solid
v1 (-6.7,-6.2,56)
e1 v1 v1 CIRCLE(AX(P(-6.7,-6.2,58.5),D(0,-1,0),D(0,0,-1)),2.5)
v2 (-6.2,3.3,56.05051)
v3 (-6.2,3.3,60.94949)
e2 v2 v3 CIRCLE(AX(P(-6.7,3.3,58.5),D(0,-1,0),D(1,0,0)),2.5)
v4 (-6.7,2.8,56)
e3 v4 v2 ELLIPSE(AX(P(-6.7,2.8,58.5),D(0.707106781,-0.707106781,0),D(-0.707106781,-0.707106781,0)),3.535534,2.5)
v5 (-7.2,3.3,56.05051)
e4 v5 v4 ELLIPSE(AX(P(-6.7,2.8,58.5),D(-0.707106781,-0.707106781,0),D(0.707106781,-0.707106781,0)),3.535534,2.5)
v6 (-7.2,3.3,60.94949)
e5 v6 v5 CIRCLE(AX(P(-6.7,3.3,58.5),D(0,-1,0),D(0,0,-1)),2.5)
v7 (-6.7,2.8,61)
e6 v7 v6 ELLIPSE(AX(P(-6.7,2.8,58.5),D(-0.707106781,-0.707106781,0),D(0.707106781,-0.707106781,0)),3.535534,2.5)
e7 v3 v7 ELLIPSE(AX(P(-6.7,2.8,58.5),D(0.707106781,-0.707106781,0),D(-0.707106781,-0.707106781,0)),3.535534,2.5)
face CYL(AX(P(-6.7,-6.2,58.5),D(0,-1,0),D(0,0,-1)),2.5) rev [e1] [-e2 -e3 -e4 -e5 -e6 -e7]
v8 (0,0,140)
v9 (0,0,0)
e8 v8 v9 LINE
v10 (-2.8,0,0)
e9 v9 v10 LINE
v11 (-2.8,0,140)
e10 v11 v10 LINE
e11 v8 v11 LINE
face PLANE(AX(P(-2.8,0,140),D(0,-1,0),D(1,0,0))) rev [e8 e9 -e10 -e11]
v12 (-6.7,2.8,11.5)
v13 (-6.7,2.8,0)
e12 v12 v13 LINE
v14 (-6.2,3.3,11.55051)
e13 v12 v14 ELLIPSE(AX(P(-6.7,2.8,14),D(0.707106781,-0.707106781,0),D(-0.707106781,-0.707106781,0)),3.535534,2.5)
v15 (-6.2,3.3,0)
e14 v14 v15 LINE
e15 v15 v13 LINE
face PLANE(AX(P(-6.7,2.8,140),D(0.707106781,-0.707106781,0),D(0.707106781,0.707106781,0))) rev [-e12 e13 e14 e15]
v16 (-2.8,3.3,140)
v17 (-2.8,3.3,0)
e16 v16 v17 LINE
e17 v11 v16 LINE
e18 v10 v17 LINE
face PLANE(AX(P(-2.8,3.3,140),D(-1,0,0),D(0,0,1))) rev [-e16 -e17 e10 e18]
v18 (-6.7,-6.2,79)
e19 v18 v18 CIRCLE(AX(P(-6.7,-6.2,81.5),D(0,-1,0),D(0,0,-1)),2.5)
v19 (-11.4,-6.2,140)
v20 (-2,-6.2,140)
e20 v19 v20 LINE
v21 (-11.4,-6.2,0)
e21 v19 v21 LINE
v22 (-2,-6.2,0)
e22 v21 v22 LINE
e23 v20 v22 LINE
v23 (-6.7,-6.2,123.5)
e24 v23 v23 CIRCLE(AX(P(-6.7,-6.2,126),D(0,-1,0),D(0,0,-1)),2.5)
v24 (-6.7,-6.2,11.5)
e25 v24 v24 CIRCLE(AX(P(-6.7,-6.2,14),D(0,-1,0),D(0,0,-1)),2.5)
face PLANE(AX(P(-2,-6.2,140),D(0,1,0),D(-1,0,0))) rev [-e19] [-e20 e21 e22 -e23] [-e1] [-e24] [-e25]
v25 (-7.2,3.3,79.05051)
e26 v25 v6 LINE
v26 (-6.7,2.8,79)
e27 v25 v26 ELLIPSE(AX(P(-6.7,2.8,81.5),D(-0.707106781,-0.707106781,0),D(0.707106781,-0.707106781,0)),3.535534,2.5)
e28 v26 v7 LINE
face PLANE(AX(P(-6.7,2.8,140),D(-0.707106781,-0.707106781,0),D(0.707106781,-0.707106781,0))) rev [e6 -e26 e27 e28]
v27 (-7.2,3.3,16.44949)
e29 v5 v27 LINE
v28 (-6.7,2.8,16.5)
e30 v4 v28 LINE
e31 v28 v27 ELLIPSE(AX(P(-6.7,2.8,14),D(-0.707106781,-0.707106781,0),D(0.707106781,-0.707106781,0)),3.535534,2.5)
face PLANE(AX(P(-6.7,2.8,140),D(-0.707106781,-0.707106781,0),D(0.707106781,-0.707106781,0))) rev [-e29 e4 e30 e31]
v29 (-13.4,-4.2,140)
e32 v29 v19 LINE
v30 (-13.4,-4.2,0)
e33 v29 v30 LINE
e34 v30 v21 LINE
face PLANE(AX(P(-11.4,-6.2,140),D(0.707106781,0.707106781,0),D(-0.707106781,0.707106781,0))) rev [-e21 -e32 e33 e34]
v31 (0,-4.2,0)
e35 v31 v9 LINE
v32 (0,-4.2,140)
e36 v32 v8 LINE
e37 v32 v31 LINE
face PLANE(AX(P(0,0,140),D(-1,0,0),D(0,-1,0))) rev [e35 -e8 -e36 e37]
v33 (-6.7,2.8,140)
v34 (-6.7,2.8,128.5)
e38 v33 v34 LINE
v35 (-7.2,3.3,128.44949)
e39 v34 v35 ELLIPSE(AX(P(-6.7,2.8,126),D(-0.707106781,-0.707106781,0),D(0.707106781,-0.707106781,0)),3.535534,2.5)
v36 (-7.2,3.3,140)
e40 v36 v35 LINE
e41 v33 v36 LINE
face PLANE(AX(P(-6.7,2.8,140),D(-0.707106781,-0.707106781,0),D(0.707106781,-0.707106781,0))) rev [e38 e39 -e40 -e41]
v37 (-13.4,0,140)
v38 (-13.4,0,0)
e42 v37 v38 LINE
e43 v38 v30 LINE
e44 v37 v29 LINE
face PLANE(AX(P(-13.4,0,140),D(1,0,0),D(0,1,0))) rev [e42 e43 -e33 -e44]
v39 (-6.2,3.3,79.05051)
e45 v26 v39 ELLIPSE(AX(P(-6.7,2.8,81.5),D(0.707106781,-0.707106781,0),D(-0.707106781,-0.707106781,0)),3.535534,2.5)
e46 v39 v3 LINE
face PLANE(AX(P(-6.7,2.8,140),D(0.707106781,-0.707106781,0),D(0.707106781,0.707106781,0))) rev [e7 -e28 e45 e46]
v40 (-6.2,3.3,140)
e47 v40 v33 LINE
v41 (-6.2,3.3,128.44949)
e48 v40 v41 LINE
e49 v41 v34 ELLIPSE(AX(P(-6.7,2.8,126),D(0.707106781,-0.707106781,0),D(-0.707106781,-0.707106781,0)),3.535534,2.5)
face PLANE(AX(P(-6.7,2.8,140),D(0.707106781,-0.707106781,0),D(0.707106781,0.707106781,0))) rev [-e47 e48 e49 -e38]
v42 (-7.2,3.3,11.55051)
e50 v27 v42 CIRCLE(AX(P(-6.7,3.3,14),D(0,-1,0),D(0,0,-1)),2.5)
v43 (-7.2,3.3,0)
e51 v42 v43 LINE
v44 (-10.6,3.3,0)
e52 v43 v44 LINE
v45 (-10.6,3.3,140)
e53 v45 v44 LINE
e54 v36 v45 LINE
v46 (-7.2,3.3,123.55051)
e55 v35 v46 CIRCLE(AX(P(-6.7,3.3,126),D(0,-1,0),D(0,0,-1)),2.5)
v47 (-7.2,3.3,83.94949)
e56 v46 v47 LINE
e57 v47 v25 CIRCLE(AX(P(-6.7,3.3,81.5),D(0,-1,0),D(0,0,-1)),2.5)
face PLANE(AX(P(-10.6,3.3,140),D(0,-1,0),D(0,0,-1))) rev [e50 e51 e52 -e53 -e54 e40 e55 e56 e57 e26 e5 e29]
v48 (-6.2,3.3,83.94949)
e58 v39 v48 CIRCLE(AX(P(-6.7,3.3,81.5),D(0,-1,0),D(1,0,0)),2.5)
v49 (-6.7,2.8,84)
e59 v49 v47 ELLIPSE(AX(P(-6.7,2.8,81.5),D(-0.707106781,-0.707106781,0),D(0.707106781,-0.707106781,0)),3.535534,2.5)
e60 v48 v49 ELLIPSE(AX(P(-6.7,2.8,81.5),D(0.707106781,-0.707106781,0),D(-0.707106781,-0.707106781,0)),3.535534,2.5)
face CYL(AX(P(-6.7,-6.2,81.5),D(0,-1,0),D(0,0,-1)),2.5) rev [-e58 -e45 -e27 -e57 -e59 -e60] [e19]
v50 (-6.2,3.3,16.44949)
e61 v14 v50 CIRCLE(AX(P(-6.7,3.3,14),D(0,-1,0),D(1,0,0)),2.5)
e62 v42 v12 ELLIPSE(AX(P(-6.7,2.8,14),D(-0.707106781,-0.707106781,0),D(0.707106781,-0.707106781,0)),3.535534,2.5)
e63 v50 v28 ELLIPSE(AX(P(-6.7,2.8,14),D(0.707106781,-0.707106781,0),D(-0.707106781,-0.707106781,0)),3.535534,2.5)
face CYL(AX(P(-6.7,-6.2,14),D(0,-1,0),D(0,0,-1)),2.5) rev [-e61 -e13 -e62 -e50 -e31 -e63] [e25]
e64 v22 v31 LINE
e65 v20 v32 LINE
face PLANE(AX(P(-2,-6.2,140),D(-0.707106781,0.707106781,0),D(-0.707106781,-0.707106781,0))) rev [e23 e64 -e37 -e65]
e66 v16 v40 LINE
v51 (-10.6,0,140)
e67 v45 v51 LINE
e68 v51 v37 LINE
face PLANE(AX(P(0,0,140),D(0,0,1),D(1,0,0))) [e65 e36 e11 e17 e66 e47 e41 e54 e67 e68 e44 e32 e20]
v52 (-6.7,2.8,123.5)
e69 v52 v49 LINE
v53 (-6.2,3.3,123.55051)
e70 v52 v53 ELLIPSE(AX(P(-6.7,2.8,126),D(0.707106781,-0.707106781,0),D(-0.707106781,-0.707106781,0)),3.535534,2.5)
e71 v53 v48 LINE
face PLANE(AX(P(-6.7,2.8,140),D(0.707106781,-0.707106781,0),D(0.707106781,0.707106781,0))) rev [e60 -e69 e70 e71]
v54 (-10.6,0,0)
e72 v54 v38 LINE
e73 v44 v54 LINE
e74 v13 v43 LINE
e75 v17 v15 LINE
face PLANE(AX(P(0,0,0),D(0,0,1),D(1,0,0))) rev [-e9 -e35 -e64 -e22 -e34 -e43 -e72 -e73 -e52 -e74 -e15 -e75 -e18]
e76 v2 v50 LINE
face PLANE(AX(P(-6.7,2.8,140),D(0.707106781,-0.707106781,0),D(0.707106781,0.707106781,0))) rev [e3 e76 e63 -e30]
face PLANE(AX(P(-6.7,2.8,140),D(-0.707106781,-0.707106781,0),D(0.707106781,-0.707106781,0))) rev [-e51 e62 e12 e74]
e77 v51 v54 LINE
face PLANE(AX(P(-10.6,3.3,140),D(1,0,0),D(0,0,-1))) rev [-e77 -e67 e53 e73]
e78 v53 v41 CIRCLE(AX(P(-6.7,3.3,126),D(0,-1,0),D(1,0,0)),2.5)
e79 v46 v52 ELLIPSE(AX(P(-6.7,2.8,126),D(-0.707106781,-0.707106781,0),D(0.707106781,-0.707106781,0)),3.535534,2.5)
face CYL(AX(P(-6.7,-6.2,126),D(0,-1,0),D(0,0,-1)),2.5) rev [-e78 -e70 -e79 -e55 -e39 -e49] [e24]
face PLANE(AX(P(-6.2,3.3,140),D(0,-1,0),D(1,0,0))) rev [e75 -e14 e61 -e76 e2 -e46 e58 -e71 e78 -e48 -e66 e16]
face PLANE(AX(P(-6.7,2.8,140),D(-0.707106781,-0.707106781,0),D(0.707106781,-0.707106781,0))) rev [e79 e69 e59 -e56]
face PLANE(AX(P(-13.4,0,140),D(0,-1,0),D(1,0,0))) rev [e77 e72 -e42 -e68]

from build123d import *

# Parameters (mm, degrees)
EXTRUDE_1_DEPTH        = 140
HOLE_WIZARD_M6_1_D     = 5
HOLE_WIZARD_M6_1_DEPTH = 28
HOLE_WIZARD_M6_1_TIP   = 1.502151548


with BuildPart() as part:
    # 草图1 → 凸台-拉伸1 (new body)
    with BuildSketch(Plane.XY):
        Polygon((-2, -6.2), (-11.4, -6.2), (-13.4, -4.2), (-13.4, 0), (-10.6, 0), (-10.6, 3.3), (-7.2, 3.3), (-6.7, 2.8), (-6.2, 3.3), (-2.8, 3.3), (-2.8, 0), (0, 0), (0, -4.2), align=None)
    extrude(amount=EXTRUDE_1_DEPTH)

    # M6 螺纹孔1
    with Locations(Plane(origin=(-6.7, -6.2, 14), x_dir=(-1, 0, 0), z_dir=(0, -1, 0))):
        with Locations((0, 0), (0, -44.5), (0, -67.5), (0, -112)):
            Hole(HOLE_WIZARD_M6_1_D / 2, depth=HOLE_WIZARD_M6_1_DEPTH)
            with Locations((0, 0, -(HOLE_WIZARD_M6_1_DEPTH + HOLE_WIZARD_M6_1_TIP / 2))):  # 118° drill point
                Cone(0, HOLE_WIZARD_M6_1_D / 2, HOLE_WIZARD_M6_1_TIP, mode=Mode.SUBTRACT)


solid = part.part
